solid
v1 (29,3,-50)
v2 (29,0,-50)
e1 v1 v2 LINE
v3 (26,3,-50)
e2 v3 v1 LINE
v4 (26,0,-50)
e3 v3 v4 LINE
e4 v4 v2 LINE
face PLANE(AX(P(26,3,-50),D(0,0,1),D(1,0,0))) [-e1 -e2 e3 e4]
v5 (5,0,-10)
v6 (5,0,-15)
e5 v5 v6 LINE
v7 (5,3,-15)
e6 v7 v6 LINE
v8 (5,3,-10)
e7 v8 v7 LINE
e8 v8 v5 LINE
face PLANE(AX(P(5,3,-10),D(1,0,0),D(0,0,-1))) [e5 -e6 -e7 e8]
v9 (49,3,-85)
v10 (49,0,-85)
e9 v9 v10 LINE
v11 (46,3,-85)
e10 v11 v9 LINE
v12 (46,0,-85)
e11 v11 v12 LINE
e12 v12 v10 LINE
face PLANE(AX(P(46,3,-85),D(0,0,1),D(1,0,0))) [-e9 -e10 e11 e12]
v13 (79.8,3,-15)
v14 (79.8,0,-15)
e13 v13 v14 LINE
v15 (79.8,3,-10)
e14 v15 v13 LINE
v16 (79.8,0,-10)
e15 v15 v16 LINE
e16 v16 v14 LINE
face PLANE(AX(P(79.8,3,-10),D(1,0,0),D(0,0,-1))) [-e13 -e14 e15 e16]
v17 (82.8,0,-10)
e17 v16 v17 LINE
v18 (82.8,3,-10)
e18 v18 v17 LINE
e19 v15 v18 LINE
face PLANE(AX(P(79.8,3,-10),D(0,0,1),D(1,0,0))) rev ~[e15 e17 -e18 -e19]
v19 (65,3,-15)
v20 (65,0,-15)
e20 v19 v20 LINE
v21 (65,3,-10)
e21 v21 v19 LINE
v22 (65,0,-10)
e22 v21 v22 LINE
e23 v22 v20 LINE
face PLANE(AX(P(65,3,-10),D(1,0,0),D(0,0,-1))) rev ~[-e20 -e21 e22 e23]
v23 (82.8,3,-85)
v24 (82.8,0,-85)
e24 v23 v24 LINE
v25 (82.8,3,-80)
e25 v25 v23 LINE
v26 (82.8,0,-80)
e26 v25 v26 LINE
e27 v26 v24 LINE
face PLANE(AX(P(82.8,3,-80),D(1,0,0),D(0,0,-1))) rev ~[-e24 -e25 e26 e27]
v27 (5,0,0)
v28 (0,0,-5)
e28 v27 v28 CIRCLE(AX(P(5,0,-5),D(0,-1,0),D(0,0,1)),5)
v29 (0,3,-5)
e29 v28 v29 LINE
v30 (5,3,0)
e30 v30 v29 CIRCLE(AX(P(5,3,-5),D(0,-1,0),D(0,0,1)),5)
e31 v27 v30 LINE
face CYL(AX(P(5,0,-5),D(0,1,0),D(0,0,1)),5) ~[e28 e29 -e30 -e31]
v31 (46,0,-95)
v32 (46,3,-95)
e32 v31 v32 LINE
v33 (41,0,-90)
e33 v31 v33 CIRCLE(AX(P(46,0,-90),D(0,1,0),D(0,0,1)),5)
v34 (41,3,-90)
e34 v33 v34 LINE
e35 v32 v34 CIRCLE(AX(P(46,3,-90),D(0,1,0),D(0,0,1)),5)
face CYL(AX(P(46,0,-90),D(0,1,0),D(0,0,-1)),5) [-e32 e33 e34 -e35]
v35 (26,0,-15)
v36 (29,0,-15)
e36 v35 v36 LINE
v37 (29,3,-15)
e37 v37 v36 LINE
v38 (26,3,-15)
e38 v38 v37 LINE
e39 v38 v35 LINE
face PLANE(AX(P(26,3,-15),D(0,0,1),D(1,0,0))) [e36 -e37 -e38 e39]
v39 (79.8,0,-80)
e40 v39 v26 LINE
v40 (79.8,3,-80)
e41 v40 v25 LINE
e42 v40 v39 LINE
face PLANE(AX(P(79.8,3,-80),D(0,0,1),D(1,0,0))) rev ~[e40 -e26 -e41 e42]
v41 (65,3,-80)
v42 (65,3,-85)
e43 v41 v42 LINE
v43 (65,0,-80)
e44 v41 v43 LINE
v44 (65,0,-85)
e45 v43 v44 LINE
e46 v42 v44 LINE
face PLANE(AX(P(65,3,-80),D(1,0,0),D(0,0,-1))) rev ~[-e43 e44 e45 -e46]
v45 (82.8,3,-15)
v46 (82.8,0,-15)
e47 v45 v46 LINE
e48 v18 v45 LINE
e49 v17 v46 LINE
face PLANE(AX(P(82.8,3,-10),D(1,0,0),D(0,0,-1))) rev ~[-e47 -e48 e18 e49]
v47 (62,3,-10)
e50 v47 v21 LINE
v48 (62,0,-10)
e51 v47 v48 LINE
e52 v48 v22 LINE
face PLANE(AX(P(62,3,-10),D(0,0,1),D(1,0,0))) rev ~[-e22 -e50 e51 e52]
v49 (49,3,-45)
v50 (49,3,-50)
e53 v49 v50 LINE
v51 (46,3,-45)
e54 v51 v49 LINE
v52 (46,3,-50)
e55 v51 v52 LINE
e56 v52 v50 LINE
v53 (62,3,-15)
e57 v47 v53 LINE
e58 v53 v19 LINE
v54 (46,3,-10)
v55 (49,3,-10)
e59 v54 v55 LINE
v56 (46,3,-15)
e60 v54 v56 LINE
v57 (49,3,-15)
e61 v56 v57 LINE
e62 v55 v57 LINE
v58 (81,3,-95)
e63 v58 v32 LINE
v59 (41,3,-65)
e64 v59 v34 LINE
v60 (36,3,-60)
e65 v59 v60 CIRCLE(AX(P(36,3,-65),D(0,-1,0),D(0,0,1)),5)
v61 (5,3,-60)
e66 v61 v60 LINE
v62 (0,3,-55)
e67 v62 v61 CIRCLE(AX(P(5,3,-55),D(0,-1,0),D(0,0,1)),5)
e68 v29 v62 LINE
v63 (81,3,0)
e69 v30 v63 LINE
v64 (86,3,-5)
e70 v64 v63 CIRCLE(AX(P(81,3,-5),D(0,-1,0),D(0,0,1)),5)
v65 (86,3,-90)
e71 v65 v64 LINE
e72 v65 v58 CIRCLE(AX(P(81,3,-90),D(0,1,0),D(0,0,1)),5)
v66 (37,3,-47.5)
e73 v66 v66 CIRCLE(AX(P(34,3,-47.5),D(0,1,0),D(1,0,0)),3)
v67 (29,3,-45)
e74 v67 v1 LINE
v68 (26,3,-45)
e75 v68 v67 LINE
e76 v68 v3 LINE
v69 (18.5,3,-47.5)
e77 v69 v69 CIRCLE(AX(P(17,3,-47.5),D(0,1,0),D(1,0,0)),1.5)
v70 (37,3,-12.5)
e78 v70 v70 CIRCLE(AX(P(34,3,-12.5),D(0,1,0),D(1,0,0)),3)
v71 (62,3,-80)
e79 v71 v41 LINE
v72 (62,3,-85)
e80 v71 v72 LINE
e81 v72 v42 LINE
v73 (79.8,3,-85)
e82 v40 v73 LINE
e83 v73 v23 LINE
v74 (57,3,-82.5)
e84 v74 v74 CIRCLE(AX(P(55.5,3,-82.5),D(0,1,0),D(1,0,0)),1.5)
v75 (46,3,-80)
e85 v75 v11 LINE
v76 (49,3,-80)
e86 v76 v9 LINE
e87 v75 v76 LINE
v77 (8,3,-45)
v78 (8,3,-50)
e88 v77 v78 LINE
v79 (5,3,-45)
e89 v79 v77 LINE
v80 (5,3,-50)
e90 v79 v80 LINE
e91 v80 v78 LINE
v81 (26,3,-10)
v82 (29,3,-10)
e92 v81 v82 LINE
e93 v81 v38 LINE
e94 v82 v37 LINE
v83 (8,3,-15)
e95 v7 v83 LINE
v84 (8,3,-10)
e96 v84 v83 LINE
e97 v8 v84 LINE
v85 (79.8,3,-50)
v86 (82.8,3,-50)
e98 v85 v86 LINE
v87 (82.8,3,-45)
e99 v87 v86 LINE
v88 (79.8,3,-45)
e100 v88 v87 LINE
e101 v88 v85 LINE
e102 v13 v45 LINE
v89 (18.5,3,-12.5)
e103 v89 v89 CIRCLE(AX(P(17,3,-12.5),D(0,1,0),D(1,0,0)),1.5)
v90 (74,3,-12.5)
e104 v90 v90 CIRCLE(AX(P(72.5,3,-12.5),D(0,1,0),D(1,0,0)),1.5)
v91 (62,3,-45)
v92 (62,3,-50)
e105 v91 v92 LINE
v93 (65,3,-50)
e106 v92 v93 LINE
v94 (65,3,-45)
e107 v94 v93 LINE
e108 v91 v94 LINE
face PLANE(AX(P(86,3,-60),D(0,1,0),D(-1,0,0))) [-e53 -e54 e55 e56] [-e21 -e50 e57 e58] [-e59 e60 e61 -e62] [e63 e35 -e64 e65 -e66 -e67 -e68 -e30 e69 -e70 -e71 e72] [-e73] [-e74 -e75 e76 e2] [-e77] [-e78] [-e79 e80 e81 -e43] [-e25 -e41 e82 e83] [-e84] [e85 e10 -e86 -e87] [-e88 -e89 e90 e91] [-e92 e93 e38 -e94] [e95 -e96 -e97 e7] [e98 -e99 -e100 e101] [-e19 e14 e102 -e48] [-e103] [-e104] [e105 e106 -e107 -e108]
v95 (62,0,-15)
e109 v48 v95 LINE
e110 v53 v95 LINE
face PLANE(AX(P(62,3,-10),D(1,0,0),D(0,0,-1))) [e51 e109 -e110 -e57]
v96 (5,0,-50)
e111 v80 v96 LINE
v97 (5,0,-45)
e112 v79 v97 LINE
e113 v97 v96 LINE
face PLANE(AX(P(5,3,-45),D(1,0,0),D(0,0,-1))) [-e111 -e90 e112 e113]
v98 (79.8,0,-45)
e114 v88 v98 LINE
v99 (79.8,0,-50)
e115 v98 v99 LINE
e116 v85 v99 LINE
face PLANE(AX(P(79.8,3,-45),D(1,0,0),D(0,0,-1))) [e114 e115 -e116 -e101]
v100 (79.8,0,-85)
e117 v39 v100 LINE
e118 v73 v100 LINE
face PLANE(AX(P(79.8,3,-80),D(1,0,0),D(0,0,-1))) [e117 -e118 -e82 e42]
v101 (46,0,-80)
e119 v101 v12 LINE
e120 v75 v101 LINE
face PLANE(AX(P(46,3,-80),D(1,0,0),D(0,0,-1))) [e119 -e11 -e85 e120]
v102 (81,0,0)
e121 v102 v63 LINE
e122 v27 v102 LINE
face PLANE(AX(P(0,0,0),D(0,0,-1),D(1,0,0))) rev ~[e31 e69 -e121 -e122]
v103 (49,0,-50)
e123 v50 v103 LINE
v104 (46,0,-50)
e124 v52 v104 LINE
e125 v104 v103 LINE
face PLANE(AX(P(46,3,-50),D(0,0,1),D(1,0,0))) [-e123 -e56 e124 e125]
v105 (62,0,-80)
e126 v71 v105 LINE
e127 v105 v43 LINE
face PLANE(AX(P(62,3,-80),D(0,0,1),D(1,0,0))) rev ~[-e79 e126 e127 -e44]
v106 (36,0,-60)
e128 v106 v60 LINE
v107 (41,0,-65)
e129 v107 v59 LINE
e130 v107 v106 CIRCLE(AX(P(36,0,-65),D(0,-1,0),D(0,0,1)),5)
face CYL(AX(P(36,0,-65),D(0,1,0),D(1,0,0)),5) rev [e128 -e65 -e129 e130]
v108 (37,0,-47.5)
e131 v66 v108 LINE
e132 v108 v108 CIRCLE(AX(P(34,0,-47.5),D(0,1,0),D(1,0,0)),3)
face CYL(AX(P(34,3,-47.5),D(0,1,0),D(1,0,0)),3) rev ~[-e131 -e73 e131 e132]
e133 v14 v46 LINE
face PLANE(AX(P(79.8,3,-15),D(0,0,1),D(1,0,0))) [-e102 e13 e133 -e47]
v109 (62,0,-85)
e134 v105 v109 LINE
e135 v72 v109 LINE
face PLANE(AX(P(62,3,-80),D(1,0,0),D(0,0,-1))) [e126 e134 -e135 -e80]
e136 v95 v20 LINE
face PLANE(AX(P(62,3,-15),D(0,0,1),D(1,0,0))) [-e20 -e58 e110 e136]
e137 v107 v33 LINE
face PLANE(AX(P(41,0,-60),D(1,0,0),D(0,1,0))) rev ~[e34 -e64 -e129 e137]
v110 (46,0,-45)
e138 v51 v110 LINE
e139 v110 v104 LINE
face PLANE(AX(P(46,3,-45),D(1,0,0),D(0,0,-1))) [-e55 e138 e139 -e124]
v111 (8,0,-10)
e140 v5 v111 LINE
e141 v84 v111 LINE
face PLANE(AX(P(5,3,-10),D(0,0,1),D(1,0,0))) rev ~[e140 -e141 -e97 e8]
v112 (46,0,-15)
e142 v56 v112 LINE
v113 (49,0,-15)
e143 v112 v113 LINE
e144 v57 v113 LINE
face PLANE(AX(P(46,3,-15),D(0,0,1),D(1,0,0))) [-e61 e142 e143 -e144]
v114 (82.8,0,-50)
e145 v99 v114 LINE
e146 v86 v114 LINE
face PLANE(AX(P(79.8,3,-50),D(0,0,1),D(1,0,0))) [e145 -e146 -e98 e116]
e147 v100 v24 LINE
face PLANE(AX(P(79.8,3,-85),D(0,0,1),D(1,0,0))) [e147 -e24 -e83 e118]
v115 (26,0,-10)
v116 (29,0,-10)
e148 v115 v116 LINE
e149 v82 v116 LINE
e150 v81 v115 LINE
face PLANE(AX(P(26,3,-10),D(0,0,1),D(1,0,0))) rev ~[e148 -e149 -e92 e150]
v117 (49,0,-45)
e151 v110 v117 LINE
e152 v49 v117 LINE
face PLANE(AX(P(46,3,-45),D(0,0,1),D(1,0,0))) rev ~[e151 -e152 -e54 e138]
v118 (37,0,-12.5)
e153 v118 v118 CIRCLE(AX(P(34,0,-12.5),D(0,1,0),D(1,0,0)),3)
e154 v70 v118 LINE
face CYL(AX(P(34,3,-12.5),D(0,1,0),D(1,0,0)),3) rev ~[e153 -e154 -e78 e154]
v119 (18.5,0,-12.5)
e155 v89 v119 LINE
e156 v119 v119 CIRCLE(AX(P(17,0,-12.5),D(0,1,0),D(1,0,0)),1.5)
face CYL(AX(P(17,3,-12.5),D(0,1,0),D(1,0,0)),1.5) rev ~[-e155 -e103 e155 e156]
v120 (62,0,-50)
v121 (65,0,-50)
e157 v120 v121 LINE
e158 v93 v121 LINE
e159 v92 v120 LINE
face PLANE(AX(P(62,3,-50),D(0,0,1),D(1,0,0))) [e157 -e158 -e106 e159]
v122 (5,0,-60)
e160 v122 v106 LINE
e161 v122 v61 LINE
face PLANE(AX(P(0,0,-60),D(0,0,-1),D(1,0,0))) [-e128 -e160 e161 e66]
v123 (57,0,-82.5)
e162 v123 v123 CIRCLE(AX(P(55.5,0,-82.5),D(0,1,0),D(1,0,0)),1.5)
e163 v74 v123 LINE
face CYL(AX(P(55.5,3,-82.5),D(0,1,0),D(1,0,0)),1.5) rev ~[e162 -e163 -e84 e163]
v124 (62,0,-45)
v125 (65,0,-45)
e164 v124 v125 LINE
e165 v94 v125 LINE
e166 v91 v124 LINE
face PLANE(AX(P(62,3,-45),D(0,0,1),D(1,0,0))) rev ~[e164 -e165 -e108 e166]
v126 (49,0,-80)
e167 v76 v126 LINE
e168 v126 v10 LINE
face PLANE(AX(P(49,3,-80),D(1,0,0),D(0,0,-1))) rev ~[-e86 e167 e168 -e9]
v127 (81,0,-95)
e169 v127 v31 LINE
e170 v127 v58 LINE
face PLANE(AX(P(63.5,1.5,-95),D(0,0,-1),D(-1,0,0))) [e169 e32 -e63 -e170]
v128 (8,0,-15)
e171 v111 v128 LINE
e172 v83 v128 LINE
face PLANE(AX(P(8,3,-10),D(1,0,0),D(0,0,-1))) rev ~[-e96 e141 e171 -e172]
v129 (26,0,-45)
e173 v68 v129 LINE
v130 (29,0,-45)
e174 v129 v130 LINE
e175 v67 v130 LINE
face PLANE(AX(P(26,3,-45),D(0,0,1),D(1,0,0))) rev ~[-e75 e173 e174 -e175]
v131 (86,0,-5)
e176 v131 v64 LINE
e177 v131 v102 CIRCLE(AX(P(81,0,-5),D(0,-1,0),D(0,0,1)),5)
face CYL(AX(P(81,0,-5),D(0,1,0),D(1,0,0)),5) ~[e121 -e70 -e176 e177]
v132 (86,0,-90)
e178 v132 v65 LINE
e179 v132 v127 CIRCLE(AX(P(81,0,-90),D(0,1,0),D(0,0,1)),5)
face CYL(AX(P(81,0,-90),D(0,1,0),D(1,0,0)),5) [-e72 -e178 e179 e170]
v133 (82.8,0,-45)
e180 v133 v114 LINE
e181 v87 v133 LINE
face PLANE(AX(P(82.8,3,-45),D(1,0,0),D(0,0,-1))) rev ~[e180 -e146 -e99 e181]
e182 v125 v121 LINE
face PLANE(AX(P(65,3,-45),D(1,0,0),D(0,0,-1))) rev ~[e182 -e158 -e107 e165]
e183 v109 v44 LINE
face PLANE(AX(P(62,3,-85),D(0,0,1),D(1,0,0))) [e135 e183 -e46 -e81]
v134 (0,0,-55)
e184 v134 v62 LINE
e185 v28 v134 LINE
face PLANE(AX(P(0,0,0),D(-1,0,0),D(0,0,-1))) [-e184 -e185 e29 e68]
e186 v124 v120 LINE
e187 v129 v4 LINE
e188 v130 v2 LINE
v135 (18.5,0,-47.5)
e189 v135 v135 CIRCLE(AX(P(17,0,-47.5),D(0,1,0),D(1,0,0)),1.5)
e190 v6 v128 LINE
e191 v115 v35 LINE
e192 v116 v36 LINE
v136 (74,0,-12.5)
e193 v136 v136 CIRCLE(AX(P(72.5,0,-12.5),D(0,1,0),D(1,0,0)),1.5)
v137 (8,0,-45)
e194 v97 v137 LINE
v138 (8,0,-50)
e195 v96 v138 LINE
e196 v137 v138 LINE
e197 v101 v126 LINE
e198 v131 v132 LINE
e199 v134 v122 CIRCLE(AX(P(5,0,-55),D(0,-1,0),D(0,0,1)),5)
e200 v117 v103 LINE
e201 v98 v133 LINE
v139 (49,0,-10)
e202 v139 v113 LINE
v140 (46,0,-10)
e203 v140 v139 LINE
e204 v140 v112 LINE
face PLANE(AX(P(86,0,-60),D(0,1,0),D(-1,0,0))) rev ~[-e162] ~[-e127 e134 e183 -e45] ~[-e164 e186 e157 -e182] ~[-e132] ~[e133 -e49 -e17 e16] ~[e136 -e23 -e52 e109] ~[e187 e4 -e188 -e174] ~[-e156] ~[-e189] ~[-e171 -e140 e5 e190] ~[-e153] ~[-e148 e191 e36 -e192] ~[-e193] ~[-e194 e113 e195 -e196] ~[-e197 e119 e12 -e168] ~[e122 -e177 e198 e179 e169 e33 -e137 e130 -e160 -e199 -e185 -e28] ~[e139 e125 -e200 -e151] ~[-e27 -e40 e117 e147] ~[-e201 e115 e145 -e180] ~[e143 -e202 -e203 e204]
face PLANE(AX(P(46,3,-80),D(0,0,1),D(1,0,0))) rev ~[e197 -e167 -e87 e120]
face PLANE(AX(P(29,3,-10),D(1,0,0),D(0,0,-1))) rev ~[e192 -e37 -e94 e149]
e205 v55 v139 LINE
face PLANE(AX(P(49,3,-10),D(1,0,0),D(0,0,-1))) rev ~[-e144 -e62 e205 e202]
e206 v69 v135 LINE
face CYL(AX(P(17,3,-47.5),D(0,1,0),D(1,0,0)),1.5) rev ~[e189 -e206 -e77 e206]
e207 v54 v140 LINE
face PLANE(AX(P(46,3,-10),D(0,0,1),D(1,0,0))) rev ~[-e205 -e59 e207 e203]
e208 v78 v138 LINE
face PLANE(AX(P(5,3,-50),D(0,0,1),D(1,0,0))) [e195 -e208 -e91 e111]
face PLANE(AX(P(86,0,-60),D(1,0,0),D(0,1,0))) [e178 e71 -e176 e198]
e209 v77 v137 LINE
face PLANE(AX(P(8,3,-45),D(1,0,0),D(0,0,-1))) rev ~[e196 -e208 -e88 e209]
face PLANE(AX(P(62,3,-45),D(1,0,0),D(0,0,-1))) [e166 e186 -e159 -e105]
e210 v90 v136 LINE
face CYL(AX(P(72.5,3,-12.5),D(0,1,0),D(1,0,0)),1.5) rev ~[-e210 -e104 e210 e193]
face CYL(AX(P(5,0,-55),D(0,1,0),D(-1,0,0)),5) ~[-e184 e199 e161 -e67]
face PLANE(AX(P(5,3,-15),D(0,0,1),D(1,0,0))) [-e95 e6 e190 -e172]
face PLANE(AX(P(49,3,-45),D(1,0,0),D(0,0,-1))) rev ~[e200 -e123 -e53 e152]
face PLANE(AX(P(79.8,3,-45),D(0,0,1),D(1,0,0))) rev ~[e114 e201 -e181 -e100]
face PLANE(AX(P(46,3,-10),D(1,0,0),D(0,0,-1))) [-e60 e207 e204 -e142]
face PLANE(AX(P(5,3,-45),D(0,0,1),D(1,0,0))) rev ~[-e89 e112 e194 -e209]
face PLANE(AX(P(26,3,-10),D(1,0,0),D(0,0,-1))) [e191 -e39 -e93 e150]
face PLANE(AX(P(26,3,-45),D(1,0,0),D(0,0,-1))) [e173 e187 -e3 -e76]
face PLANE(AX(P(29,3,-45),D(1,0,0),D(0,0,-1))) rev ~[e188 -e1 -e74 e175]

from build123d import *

# Parameters (mm, degrees)
SKETCH1_W           = 86
SKETCH1_H           = 60
BOSS_EXTRUDE1_DEPTH = 3
SKETCH4_W           = 45
SKETCH4_H           = 3
BOSS_EXTRUDE2_DEPTH = 35
SKETCH2_W           = 3
SKETCH2_H           = 5
CUT_EXTRUDE1_DEPTH  = 3
SKETCH8_W           = 3
SKETCH8_H           = 5
CUT_EXTRUDE10_DEPTH = 4
LPATTERN3_COUNT     = 2
LPATTERN3_PITCH     = 35
FILLET1_R           = 5
LPATTERN1_COUNT     = 3
LPATTERN1_PITCH     = 35
SKETCH5_R           = 1.5
CUT_EXTRUDE2_DEPTH  = 4
SKETCH6_R           = 3
CUT_EXTRUDE3_DEPTH  = 4


with BuildPart() as part:
    # Sketch1 → Boss-Extrude1 (new body)
    with BuildSketch(Plane(origin=(0, 0, 0), x_dir=(1, 0, 0), z_dir=(0, 1, 0))):
        with Locations((43, 30)):
            Rectangle(SKETCH1_W, SKETCH1_H)
    extrude(amount=BOSS_EXTRUDE1_DEPTH)

    # Sketch4 → Boss-Extrude2 (add)
    with BuildSketch(Plane(origin=(0, 0, -60), x_dir=(-1, 0, 0), z_dir=(0, 0, -1))):
        with Locations((-63.5, 1.5)):
            Rectangle(SKETCH4_W, SKETCH4_H)
    extrude(amount=BOSS_EXTRUDE2_DEPTH)

    # Sketch2 → Cut-Extrude1 (cut)
    with BuildSketch(Plane(origin=(0, 3, 0), x_dir=(1, 0, 0), z_dir=(0, 1, 0))):
        with Locations((63.5, 12.5)):
            Rectangle(SKETCH2_W, SKETCH2_H)
        with Locations((47.5, 12.5)):
            Rectangle(SKETCH2_W, SKETCH2_H)
        with Locations((81.3, 12.5)):
            Rectangle(SKETCH2_W, SKETCH2_H)
    cut_extrude1 = extrude(amount=-CUT_EXTRUDE1_DEPTH, mode=Mode.SUBTRACT)

    # Sketch8 → Cut-Extrude10 (cut, through all)
    with BuildSketch(Plane(origin=(0, 3, 0), x_dir=(1, 0, 0), z_dir=(0, 1, 0))):
        with Locations((6.5, 12.5)):
            Rectangle(SKETCH8_W, SKETCH8_H)
        with Locations((27.5, 12.5)):
            Rectangle(SKETCH8_W, SKETCH8_H)
    cut_extrude10 = extrude(amount=-CUT_EXTRUDE10_DEPTH, mode=Mode.SUBTRACT)

    # LPattern3: Cut-Extrude10 ×2
    with Locations(*[(0, 0, -i * LPATTERN3_PITCH) for i in range(1, LPATTERN3_COUNT)]):
        add(cut_extrude10, mode=Mode.SUBTRACT)

    # Fillet1
    fillet1_edges = [part.edges().sort_by_distance(p)[0] for p in [
        (41, 1.5, -60),
        (86, 1.5, -95),
        (41, 1.5, -95),
        (0, 1.5, -60),
        (86, 1.5, 0),
        (0, 1.5, 0),
    ]]
    fillet(fillet1_edges, radius=FILLET1_R)

    # LPattern1: Cut-Extrude1 ×3
    with Locations(*[(0, 0, -i * LPATTERN1_PITCH) for i in range(1, LPATTERN1_COUNT)]):
        add(cut_extrude1, mode=Mode.SUBTRACT)

    # Sketch5 → Cut-Extrude2 (cut, through all)
    with BuildSketch(Plane(origin=(0, 3, 0), x_dir=(1, 0, 0), z_dir=(0, 1, 0))):
        with Locations((17, 12.5)):
            Circle(SKETCH5_R)
        with Locations((17, 47.5)):
            Circle(SKETCH5_R)
        with Locations((72.5, 12.5)):
            Circle(SKETCH5_R)
        with Locations((55.5, 82.5)):
            Circle(SKETCH5_R)
    extrude(amount=-CUT_EXTRUDE2_DEPTH, mode=Mode.SUBTRACT)

    # Sketch6 → Cut-Extrude3 (cut, through all)
    with BuildSketch(Plane(origin=(0, 3, 0), x_dir=(1, 0, 0), z_dir=(0, 1, 0))):
        with Locations((34, 12.5)):
            Circle(SKETCH6_R)
        with Locations((34, 47.5)):
            Circle(SKETCH6_R)
    extrude(amount=-CUT_EXTRUDE3_DEPTH, mode=Mode.SUBTRACT)


solid = part.part
